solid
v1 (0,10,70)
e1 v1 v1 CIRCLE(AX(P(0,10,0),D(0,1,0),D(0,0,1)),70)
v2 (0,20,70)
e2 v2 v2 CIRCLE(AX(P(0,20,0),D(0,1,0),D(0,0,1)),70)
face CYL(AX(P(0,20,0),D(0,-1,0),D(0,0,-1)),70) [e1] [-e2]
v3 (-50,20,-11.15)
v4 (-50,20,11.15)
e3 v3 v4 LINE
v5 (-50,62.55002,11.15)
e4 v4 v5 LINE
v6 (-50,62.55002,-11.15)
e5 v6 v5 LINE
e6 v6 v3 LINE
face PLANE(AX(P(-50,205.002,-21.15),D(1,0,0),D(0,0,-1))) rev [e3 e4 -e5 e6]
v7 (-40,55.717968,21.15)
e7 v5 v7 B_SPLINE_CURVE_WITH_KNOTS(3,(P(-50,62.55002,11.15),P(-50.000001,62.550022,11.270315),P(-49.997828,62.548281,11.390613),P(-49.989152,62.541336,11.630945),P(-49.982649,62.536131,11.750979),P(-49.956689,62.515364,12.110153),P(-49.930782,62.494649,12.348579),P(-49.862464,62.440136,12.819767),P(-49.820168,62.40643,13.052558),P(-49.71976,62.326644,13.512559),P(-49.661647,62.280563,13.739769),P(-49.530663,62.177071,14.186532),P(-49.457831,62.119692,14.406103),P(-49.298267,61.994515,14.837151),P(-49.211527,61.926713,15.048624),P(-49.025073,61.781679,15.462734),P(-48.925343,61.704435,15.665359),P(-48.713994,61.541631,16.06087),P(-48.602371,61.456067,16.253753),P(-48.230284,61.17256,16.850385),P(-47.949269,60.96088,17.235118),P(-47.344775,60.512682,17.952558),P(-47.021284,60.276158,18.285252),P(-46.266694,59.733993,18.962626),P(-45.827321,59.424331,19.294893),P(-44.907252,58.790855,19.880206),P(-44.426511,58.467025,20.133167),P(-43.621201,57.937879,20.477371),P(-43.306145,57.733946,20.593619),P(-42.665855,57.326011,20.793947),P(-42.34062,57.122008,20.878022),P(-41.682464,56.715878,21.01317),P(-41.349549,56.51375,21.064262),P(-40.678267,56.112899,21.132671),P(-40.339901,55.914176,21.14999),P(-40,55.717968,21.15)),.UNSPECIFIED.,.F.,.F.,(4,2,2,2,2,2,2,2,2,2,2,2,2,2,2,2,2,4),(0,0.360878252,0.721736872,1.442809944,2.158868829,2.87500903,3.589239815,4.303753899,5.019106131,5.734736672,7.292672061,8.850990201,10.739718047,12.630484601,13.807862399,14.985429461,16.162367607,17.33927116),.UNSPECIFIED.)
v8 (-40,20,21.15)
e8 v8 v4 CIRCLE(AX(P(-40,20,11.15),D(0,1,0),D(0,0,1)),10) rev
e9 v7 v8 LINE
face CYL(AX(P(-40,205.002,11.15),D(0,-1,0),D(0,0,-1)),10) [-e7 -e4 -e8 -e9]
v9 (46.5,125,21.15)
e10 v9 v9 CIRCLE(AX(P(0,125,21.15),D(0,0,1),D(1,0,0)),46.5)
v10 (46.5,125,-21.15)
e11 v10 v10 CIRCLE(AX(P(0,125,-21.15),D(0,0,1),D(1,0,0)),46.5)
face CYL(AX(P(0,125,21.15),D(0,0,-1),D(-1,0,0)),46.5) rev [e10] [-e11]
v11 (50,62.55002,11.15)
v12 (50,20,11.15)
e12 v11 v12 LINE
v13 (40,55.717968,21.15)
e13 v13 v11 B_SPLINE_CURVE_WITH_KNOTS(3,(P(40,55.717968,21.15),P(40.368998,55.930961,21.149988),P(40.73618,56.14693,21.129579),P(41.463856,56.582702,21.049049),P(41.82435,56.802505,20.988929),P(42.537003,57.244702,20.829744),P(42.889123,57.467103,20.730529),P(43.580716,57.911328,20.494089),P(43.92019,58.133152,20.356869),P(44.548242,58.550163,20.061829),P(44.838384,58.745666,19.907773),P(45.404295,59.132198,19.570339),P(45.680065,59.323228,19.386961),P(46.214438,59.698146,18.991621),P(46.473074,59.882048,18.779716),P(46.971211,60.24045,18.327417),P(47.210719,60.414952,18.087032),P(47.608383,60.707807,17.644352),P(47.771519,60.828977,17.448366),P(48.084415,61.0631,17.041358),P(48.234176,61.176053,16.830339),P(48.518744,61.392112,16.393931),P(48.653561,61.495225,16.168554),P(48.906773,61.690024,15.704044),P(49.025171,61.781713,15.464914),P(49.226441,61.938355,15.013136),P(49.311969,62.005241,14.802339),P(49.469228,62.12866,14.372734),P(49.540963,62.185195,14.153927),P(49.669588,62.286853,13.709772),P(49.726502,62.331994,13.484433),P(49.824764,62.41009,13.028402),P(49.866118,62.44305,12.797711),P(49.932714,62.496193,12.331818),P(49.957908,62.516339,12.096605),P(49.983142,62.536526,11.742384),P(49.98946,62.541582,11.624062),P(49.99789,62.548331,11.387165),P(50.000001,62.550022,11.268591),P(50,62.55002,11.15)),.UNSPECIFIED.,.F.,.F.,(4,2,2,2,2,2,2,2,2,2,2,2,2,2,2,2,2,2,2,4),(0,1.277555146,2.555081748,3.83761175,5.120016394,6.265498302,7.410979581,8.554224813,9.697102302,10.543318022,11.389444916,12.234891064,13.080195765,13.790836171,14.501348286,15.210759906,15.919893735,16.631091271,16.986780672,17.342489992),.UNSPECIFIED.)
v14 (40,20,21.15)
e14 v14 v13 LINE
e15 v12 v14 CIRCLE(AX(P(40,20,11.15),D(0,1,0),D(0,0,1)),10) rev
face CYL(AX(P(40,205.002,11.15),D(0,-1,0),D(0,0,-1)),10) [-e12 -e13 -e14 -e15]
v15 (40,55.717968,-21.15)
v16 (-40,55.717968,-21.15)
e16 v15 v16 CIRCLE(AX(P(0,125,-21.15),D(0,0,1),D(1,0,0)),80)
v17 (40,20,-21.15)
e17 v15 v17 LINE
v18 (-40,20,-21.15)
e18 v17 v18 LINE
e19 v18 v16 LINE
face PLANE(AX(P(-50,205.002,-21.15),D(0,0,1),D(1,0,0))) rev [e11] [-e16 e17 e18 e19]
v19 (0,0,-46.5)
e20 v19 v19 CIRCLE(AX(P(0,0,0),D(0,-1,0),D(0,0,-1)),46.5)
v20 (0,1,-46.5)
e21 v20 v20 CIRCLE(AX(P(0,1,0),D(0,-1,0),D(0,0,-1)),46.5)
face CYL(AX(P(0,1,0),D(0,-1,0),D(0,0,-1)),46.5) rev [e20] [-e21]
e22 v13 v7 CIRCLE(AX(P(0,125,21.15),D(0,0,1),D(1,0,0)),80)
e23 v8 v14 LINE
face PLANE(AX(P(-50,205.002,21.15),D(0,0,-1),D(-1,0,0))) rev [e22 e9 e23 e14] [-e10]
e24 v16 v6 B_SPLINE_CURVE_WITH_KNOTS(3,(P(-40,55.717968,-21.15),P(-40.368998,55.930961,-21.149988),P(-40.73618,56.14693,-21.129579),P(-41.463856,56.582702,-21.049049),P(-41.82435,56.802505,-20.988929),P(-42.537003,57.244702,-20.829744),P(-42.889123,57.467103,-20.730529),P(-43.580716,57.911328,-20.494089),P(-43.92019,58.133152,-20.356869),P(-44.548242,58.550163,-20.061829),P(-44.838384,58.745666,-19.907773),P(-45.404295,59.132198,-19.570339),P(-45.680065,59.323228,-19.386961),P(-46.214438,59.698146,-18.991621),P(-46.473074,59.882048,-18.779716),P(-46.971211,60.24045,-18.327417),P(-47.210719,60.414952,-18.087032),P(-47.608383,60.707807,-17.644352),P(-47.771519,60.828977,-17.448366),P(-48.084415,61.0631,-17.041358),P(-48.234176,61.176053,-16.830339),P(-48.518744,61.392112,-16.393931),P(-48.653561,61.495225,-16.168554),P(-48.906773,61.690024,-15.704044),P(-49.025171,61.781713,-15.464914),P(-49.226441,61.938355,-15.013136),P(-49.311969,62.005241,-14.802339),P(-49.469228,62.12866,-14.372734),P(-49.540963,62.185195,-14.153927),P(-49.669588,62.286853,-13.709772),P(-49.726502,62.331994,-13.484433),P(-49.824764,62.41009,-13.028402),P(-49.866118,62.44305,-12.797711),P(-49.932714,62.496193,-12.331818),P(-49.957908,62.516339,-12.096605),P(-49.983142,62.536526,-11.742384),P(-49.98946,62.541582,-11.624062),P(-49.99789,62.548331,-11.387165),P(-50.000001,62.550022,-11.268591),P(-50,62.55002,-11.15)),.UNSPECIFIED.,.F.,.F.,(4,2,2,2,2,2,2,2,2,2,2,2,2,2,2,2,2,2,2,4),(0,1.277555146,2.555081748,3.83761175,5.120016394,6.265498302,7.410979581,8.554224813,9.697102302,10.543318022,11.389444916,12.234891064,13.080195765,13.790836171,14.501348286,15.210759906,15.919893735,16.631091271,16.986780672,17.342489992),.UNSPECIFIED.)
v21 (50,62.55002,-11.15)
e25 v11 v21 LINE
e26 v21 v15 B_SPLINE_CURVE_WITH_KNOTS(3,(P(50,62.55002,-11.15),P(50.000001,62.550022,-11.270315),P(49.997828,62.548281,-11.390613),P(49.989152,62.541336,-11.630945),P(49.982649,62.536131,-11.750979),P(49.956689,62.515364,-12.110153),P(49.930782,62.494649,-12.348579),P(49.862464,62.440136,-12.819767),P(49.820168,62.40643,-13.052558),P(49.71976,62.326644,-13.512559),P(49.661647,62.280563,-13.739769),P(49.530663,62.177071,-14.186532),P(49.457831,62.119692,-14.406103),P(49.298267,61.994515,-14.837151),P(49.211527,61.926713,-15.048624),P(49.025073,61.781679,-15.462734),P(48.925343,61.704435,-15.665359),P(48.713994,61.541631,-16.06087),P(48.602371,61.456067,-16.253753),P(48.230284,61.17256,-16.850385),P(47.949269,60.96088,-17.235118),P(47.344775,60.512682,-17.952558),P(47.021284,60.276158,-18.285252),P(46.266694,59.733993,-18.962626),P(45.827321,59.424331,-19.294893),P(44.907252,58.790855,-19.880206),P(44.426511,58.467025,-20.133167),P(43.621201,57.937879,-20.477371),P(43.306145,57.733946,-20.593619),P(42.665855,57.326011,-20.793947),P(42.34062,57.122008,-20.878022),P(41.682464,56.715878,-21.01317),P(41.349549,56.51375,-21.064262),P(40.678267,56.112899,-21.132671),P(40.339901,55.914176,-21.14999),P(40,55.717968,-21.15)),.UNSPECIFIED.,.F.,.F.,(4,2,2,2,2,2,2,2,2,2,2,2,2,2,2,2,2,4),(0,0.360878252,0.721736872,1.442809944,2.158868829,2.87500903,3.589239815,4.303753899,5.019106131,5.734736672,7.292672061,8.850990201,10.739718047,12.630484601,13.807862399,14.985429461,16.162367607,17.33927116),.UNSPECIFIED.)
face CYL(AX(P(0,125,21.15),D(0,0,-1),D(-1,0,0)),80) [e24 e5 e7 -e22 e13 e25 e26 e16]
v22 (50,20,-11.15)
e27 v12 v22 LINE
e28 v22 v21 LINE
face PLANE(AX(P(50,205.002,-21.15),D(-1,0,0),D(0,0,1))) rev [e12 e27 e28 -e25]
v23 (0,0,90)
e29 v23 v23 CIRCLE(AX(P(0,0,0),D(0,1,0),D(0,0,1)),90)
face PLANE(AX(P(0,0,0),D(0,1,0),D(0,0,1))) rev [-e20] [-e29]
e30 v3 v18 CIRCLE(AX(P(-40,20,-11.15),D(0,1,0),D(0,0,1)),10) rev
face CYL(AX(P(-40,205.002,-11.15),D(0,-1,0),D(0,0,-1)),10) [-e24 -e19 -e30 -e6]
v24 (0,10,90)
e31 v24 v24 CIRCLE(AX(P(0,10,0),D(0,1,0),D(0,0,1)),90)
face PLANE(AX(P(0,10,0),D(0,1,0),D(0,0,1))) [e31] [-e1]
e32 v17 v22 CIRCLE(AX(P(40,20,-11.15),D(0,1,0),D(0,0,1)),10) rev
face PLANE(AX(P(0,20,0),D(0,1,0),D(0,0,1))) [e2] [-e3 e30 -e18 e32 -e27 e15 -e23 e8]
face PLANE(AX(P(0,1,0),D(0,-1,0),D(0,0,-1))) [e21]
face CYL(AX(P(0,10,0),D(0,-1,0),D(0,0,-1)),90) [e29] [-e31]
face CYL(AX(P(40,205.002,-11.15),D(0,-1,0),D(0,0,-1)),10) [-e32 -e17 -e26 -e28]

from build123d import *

# Parameters (mm, degrees)
SKETCH_1_R           = 90
EXTRUDE_1_DEPTH      = 10
SKETCH_2_R           = 70
EXTRUDE_2_DEPTH      = 10
SKETCH_4_R           = 80
SKETCH_4_R_2         = 46.5
EXTRUDE_3_DEPTH      = 21.15
EXTRUDE_4_REACH      = 226.555
EXTRUDE_4_END_RADIUS = 80
SKETCH_5_W           = 100
SKETCH_5_H           = 42.3
FILLET_1_R           = 10
SKETCH_6_R           = 46.5
CUT_EXTRUDE_1_DEPTH  = 1


with BuildPart() as part:
    # 草图1 → 凸台-拉伸1 (new body)
    with BuildSketch(Plane(origin=(0, 0, 0), x_dir=(1, 0, 0), z_dir=(0, 1, 0))):
        with Locations(Location((0, 0, 0), (0, 0, 270))):
            Circle(SKETCH_1_R)
    extrude(amount=EXTRUDE_1_DEPTH)

    # 草图2 → 凸台-拉伸2 (add)
    with BuildSketch(Plane(origin=(0, 10, 0), x_dir=(1, 0, 0), z_dir=(0, 1, 0))):
        with Locations(Location((0, 0, 0), (0, 0, 270))):
            Circle(SKETCH_2_R)
    extrude(amount=EXTRUDE_2_DEPTH)



with BuildPart() as body_2:
    # 草图4 → 凸台-拉伸3 (new, symmetric)
    with BuildSketch(Plane.XY):
        with Locations((0, 125)):
            Circle(SKETCH_4_R)
        with Locations((0, 125)):
            Circle(SKETCH_4_R_2, mode=Mode.SUBTRACT)
    extrude(amount=EXTRUDE_3_DEPTH, both=True)


with BuildPart() as part_1:
    add(part.part)

    add(body_2.part)  # 凸台-拉伸4 merges body 2
    # 凸台-拉伸4: up to this cylinder (the profile starts outside it)
    extrude_4_end = Plane(origin=(0, 125, 0), z_dir=(0, 0, -1)) * Cylinder(EXTRUDE_4_END_RADIUS, 614.11, mode=Mode.PRIVATE)
    # 草图5 → 凸台-拉伸4 (add, up to the surface)
    with BuildSketch(Plane(origin=(0, 20, 0), x_dir=(1, 0, 0), z_dir=(0, 1, 0)), mode=Mode.PRIVATE) as extrude_4_sk1:
        Rectangle(SKETCH_5_W, SKETCH_5_H)
    extrude_4_tool1 = extrude(extrude_4_sk1.sketch, amount=EXTRUDE_4_REACH, mode=Mode.PRIVATE) - extrude_4_end
    add(extrude_4_tool1.solids().sort_by_distance((0, 20, 0))[0])

    # 圆角1
    fillet_1_edges = [part_1.edges().sort_by_distance(p)[0] for p in [
        (50, 41.275010008, -21.15),
        (50, 41.275010008, 21.15),
        (-50, 41.275010008, -21.15),
        (-50, 41.275010008, 21.15),
    ]]
    fillet(fillet_1_edges, radius=FILLET_1_R)

    # 草图6 → 切除-拉伸1 (cut)
    with BuildSketch(Plane.XZ):
        with Locations(Location((0, 0, 0), (0, 0, 270))):
            Circle(SKETCH_6_R)
    extrude(amount=-CUT_EXTRUDE_1_DEPTH, mode=Mode.SUBTRACT)


solid = part_1.part
